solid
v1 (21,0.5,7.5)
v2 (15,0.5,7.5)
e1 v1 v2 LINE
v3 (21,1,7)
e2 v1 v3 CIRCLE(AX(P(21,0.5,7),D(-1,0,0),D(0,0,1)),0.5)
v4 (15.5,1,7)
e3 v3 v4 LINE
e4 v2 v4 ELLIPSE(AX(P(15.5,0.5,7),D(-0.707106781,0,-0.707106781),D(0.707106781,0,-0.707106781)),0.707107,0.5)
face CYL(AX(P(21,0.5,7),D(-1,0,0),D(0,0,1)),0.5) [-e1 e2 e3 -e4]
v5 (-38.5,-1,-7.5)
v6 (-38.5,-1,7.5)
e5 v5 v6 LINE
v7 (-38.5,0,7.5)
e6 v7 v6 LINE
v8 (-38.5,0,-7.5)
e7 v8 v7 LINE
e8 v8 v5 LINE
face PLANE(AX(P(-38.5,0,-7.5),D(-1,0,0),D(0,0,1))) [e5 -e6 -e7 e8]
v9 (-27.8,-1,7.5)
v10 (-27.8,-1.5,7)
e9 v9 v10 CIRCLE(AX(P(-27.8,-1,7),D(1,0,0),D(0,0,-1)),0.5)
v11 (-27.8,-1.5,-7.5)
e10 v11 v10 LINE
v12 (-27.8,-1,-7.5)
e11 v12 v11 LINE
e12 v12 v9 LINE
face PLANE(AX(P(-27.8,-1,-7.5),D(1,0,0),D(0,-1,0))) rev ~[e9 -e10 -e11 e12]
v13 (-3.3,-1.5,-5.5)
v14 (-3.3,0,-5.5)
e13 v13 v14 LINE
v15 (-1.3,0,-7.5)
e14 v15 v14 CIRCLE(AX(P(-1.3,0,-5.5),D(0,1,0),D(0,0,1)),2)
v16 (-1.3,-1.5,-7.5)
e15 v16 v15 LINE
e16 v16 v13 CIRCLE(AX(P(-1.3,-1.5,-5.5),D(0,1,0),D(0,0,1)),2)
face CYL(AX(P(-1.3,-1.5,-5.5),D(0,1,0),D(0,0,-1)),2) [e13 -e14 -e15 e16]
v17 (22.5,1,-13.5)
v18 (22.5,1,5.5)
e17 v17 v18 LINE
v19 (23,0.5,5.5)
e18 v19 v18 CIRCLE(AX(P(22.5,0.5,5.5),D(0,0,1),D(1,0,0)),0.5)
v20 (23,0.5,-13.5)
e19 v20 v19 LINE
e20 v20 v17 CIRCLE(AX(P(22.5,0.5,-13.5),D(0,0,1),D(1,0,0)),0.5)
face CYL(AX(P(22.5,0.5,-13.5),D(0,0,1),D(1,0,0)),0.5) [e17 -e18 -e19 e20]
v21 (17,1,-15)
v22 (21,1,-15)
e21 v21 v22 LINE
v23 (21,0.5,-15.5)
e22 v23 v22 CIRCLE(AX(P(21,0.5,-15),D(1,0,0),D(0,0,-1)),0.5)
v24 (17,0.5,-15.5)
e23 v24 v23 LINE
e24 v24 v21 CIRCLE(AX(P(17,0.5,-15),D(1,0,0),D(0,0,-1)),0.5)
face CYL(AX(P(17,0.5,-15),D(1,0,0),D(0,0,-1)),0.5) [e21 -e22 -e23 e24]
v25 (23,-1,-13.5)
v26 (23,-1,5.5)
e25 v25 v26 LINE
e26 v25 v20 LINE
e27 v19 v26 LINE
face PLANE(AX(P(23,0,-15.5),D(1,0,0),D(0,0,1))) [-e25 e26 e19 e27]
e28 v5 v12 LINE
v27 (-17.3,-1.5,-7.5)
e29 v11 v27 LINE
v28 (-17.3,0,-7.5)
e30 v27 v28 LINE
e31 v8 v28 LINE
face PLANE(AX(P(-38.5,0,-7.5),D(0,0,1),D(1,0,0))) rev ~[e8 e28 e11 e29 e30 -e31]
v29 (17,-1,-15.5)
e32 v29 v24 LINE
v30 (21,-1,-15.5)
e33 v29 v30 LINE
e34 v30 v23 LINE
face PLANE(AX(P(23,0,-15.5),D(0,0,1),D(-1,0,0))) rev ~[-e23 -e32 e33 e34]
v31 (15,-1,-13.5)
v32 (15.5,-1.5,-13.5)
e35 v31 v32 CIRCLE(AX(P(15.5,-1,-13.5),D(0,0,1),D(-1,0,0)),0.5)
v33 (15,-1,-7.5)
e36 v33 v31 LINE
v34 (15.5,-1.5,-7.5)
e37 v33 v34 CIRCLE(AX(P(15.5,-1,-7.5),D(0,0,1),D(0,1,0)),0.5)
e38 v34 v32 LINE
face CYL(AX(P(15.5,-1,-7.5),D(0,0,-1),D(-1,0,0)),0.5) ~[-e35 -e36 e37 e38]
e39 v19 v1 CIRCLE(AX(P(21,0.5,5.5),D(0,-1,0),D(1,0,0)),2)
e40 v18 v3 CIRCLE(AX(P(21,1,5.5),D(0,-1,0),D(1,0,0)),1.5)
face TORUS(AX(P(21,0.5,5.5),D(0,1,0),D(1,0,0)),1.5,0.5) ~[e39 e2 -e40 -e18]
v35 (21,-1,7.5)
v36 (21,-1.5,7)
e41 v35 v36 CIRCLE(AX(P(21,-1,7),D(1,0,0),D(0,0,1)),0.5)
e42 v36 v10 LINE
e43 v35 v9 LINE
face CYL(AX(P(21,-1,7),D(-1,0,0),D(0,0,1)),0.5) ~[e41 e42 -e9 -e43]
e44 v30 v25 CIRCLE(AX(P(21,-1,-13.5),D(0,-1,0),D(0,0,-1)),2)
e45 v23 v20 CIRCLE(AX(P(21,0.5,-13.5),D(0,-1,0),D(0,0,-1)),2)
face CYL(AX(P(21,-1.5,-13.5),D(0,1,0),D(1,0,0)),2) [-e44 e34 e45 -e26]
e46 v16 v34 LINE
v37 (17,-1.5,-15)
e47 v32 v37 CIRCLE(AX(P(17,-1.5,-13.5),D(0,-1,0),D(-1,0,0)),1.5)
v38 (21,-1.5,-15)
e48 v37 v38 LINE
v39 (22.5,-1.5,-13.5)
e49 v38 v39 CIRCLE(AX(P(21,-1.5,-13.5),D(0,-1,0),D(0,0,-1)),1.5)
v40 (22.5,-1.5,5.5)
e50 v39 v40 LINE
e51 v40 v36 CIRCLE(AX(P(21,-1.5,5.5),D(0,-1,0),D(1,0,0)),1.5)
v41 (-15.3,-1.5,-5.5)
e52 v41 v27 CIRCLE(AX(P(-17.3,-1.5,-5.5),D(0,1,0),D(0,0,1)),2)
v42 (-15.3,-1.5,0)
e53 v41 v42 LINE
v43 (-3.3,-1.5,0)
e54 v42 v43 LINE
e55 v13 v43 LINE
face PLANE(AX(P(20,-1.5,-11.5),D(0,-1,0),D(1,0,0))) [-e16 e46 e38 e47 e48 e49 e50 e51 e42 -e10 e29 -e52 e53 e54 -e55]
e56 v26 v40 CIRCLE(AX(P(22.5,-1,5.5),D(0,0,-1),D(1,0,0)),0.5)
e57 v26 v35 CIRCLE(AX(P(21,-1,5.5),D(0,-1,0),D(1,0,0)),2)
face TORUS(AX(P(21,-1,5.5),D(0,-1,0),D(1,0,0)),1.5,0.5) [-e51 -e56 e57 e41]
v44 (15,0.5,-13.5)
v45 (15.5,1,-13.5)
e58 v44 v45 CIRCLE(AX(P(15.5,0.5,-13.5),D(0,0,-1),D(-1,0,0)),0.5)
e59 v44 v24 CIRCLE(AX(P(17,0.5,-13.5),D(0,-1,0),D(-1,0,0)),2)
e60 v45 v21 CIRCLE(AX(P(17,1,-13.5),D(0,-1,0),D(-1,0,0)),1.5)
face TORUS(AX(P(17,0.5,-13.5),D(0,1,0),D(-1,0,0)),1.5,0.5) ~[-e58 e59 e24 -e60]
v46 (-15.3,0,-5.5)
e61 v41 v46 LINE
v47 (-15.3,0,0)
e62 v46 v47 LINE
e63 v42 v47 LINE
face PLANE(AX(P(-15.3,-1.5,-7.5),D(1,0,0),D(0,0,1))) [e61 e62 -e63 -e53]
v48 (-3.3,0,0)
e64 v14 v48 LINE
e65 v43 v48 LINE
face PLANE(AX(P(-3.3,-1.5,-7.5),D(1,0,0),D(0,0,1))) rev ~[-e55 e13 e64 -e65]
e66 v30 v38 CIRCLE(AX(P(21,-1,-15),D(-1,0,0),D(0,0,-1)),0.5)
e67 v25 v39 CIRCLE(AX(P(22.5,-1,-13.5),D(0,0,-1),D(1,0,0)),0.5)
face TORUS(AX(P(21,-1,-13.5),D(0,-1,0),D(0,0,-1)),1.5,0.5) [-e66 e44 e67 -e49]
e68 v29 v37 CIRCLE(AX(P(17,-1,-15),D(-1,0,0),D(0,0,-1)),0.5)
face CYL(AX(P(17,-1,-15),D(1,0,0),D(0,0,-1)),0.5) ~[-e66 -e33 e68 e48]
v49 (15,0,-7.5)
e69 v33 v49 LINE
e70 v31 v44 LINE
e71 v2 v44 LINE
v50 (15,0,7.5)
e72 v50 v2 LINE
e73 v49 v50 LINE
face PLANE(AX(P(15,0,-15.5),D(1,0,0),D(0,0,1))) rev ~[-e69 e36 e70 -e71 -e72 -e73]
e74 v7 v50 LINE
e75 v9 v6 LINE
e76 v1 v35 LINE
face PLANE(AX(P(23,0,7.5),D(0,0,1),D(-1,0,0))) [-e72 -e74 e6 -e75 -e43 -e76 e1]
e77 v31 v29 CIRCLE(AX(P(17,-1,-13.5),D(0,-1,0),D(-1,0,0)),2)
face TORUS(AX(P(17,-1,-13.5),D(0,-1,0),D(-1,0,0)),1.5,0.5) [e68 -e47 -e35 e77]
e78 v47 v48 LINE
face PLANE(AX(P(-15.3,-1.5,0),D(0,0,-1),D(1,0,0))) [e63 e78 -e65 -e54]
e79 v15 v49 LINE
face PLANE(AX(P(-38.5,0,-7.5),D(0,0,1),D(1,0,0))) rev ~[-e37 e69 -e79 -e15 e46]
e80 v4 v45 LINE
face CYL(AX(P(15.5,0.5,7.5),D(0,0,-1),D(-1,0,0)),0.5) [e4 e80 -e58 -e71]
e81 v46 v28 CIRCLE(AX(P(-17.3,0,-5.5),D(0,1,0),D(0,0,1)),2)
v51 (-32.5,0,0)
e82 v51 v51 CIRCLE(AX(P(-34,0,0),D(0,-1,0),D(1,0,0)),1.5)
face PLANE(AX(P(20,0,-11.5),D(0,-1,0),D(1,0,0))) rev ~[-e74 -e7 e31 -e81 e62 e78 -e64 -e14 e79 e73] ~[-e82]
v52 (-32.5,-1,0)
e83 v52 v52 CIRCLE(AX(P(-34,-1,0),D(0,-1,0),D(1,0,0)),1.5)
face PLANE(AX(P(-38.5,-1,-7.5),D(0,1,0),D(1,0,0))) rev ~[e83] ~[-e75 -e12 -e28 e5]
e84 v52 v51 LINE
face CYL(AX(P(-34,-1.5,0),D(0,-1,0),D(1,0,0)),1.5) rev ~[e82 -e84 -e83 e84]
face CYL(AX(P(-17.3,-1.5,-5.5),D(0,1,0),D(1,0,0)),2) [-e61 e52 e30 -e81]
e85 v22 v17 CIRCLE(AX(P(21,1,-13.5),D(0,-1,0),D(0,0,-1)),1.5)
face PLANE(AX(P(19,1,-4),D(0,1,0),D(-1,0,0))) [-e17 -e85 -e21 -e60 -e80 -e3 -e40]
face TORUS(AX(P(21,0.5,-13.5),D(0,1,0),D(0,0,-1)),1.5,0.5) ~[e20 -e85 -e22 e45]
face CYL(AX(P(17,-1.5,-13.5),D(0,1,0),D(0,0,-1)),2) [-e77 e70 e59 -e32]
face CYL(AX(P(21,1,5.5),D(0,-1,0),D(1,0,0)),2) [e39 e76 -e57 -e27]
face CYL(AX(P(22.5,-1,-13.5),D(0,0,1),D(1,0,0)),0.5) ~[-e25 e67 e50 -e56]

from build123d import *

# Parameters (mm, degrees)
F0_W      = 63.5
F0_H      = 15
F1_DEPTH  = 1.5
F2_W      = 10
F2_H      = 8
F3_DEPTH  = 1.5
F4_W      = 12
F4_H      = 7.5
F5_DEPTH  = 1.501
F6_R      = 1.5
F7_DEPTH  = 1.501
F8_W      = 10.7
F8_H      = 0.5
F9_DEPTH  = 15.001
F10_W     = 2
F10_H     = 1.5
F11_DEPTH = 23.001
F12_W     = 8
F12_H     = 23
F13_DEPTH = 1
F14_R     = 2
F15_R     = 0.5


with BuildPart() as f1:
    # F0 (on Front) → F1 (new body)
    with BuildSketch(Plane.XZ):
        with Locations((-6.75, 0)):
            Rectangle(F0_W, F0_H)
    extrude(amount=F1_DEPTH)

    # F2 (on face) → F3 (join, through all)
    with BuildSketch(Plane.XZ.offset(1.5)):
        with Locations((20, -11.5)):
            Rectangle(F2_W, F2_H)
    extrude(amount=-F3_DEPTH)

    # F4 (on face) → F5 (cut, through all)
    with BuildSketch(Plane.XZ.offset(1.5)):
        with Locations((-9.3, -3.75)):
            Rectangle(F4_W, F4_H)
    extrude(amount=-F5_DEPTH, mode=Mode.SUBTRACT)

    # F6 (on face) → F7 (cut, through all)
    with BuildSketch(Plane.XZ.offset(1.5)):
        with Locations((-34, 0)):
            Circle(F6_R)
    extrude(amount=-F7_DEPTH, mode=Mode.SUBTRACT)

    # F8 (on face) → F9 (cut, through all)
    with BuildSketch(Plane(origin=(0, 0, -7.5), x_dir=(1, 0, 0), z_dir=(0, 0, -1))):
        with Locations((-33.15, 1.25)):
            Rectangle(F8_W, F8_H)
    extrude(amount=-F9_DEPTH, mode=Mode.SUBTRACT)

    # F10 (on face) → F11 (cut, through all)
    with BuildSketch(Plane(origin=(0, 0, -15.5), x_dir=(1, 0, 0), z_dir=(0, 0, -1))):
        with Locations((24, 0.75)):
            Rectangle(F10_W, F10_H)
    extrude(amount=-F11_DEPTH, mode=Mode.SUBTRACT)

    # F12 (on face) → F13 (join)
    with BuildSketch(Plane(origin=(0, 0, 0), x_dir=(-1, 0, 0), z_dir=(0, 1, 0))):
        with Locations((-19, -4)):
            Rectangle(F12_W, F12_H)
    extrude(amount=F13_DEPTH)

    # F14
    f14_edges = [f1.edges().sort_by_distance(p)[0] for p in [
        (15, -0.25, -15.5),
        (23, -0.25, -15.5),
        (23, -0.25, 7.5),
        (-3.3, -0.75, -7.5),
        (-15.3, -0.75, -7.5),
    ]]
    fillet(f14_edges, radius=F14_R)

    # F15
    f15_edges = [f1.edges().sort_by_distance(p)[0] for p in [
        (23, 1, -4),
        (23, -1.5, -4),
    ]]
    fillet(f15_edges, radius=F15_R)


solid = f1.part
